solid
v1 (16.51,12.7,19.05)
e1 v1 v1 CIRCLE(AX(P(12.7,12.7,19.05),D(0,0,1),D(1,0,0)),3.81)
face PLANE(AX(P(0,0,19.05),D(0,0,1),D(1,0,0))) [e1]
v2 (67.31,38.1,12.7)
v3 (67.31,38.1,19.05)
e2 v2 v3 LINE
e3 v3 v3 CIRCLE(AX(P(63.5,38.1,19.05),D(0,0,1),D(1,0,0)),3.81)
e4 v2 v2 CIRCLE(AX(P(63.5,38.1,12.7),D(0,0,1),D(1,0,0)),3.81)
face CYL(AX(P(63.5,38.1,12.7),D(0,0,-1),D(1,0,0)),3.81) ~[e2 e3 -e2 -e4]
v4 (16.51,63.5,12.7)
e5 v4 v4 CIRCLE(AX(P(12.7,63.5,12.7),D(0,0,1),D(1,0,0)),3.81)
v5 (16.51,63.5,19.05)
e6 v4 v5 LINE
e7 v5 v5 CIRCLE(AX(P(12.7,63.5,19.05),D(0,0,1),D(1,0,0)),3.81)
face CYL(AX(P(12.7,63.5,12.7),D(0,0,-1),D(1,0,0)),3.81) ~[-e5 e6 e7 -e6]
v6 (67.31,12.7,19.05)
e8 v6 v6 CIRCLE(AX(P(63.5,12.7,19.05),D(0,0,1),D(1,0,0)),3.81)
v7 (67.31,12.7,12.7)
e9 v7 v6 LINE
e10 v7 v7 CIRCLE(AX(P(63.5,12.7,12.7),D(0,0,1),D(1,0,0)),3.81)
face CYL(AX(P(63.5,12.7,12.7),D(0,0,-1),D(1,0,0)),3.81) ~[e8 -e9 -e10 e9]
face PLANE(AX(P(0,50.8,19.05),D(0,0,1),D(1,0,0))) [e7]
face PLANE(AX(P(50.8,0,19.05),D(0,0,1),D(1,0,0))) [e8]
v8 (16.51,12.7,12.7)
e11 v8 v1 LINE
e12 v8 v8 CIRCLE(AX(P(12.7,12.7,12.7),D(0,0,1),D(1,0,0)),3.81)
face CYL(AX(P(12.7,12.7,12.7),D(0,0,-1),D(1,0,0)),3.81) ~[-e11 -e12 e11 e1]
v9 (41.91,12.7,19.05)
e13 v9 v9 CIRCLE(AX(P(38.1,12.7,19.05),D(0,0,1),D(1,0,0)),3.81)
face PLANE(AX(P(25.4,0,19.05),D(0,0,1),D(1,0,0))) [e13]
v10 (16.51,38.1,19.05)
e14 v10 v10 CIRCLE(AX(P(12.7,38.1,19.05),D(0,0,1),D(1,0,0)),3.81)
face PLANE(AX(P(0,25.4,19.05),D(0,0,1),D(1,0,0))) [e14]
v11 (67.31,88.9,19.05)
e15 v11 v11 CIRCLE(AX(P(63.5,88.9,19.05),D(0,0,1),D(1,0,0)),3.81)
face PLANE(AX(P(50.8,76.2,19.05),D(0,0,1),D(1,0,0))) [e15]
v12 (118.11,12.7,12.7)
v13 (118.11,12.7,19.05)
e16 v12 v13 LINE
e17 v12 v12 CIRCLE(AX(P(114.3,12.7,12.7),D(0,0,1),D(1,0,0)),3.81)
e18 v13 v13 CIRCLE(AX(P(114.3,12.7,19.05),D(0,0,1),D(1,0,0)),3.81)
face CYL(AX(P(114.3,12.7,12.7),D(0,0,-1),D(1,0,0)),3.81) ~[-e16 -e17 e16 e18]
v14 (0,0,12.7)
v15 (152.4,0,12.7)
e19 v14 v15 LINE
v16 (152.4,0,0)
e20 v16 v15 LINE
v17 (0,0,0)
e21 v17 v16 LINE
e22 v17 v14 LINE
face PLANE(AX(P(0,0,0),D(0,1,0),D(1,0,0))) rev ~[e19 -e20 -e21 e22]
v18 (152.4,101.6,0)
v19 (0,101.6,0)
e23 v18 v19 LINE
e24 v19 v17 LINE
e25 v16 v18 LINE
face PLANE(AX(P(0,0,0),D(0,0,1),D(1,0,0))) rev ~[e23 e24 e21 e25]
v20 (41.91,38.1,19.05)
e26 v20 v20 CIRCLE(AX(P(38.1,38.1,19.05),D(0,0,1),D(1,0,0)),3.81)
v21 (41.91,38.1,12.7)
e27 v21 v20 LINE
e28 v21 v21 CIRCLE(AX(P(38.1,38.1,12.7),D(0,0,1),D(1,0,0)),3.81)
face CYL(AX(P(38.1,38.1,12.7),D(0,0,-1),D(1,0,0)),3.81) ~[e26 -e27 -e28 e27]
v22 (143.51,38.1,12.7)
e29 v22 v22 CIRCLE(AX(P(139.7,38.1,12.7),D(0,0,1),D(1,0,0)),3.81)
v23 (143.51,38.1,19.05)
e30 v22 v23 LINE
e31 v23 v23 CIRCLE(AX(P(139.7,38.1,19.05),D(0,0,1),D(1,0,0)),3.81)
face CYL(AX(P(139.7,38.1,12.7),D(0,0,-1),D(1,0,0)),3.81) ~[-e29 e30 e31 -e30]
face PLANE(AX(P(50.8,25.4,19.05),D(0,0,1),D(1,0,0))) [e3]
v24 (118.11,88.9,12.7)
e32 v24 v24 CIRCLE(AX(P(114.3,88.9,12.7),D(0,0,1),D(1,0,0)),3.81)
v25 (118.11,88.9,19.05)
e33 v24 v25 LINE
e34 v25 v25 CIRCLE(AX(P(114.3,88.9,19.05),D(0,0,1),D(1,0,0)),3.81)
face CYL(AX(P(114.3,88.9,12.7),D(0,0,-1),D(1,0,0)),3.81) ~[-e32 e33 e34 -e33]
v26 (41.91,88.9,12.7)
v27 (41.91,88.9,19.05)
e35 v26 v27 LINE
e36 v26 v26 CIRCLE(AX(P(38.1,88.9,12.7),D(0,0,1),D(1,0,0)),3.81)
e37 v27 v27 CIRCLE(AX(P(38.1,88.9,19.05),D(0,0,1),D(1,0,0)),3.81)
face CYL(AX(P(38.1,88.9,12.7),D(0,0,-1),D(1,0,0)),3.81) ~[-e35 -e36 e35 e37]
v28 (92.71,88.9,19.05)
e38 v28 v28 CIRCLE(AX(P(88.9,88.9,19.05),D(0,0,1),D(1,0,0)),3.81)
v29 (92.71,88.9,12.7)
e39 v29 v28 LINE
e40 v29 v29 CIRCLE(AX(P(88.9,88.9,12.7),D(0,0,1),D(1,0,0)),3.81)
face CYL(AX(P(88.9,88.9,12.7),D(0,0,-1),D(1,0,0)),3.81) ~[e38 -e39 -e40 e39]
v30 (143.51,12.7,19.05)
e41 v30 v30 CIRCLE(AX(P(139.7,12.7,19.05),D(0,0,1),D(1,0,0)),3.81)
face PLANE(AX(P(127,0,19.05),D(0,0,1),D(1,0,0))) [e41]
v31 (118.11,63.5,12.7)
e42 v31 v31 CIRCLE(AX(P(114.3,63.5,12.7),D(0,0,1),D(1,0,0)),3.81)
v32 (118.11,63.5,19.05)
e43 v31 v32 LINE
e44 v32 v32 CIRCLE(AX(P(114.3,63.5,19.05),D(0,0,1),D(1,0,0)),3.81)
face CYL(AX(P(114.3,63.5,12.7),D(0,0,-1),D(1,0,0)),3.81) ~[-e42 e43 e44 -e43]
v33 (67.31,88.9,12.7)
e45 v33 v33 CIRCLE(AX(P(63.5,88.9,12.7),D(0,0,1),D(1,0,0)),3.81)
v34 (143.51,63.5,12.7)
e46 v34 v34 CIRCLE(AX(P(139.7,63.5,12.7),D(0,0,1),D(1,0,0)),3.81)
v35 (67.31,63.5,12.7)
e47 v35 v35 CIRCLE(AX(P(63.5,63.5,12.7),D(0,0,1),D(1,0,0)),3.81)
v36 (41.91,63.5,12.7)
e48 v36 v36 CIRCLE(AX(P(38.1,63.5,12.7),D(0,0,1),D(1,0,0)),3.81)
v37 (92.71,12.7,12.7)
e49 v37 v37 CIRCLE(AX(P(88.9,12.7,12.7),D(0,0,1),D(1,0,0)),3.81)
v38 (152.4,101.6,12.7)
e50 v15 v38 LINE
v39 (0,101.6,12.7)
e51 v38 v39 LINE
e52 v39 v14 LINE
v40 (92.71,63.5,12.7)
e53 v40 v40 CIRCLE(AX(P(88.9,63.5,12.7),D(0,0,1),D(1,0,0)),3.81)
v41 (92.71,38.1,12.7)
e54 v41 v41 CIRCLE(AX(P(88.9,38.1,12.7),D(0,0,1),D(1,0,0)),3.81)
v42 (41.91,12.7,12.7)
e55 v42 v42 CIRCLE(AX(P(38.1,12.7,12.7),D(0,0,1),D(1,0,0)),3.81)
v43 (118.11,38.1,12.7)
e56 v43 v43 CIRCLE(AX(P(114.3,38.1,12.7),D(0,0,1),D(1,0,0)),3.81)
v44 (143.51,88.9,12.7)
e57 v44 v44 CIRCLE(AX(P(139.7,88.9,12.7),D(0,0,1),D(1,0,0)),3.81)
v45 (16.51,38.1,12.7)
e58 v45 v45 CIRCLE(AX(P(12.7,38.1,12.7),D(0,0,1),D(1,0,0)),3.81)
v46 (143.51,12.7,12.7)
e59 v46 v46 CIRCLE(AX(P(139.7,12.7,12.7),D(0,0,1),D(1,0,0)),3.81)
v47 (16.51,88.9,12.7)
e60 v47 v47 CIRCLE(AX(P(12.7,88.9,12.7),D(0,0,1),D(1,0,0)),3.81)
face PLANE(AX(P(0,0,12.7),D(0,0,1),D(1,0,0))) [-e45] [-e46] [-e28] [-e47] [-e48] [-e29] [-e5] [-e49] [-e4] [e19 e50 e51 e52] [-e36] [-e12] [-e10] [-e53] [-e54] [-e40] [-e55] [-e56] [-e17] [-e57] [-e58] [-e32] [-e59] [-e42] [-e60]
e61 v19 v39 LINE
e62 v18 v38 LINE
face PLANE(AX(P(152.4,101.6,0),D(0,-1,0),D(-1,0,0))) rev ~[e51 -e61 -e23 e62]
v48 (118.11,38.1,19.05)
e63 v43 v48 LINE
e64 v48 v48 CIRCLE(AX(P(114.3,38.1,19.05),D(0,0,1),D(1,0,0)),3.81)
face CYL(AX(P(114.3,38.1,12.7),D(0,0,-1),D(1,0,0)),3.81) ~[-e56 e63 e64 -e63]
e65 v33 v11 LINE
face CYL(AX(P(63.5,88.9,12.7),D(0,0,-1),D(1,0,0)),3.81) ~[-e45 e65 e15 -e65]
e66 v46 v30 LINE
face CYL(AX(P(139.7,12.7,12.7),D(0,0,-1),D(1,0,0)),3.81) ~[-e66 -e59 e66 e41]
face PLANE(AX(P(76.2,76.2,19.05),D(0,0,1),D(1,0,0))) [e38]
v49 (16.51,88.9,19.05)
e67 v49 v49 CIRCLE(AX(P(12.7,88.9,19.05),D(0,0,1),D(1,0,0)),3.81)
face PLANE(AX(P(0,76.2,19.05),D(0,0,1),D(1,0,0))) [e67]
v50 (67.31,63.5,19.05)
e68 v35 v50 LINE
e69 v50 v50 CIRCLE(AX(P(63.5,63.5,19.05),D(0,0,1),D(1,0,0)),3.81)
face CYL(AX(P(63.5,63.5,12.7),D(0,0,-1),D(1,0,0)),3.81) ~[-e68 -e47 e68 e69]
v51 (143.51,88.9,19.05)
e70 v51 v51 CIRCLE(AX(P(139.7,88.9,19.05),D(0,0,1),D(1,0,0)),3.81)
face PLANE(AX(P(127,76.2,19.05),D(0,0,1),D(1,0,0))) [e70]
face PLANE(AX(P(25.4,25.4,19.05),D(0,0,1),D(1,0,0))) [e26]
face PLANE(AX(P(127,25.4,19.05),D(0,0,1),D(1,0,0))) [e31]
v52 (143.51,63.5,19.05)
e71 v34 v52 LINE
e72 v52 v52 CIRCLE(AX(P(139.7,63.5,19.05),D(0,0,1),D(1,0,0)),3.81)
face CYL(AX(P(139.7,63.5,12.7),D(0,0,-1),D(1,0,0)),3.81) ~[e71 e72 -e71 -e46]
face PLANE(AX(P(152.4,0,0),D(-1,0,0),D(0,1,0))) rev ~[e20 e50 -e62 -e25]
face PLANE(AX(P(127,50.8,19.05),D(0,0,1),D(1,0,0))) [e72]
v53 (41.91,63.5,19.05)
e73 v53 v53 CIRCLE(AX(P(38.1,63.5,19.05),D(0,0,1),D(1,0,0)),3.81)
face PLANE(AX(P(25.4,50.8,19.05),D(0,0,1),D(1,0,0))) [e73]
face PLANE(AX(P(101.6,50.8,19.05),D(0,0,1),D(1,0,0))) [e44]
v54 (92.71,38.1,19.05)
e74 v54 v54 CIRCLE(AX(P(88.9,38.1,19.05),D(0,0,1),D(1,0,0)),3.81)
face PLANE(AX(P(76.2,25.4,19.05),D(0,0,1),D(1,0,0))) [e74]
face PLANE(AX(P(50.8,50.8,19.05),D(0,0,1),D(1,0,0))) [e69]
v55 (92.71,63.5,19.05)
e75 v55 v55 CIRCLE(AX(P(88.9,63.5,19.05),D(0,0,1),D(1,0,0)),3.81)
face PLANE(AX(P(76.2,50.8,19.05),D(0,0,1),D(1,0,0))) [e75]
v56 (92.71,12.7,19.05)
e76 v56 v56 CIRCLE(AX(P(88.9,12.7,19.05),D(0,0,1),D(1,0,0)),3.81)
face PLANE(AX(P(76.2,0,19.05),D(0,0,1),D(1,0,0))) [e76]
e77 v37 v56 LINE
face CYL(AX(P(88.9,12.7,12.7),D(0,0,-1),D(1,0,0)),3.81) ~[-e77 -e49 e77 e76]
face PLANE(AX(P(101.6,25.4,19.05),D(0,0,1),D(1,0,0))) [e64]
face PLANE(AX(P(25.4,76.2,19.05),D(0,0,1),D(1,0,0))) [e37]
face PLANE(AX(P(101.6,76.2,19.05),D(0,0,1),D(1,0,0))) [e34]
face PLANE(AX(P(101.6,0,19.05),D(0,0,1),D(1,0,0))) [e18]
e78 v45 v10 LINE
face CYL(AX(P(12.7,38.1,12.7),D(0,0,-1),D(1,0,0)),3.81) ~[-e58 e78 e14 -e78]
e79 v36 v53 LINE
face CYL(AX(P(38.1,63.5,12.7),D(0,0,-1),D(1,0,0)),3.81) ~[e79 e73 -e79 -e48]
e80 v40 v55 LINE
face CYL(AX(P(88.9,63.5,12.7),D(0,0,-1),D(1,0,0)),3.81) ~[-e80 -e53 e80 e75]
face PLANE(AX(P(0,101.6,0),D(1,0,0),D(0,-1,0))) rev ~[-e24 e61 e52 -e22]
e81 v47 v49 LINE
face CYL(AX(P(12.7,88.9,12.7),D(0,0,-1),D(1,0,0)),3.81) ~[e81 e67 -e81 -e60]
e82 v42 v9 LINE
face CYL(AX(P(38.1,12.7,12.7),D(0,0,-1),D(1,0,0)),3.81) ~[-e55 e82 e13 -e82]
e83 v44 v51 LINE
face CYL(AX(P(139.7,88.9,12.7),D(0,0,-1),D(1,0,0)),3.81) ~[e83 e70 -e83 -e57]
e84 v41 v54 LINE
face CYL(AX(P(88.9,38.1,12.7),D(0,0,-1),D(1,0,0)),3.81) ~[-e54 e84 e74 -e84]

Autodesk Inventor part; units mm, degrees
ref_plane "YZ Plane" through (0, 0, 0) normal (1, 0, 0) x (0, 1, 0)
ref_plane "XZ Plane" through (0, 0, 0) normal (0, 1, 0) x (-1, 0, 0)
ref_plane "XY Plane" through (0, 0, 0) normal (0, 0, 1) x (1, 0, 0)
sketch "Sketch1" plane through (0, 0, 0) normal (0, 0, 1) x (1, 0, 0)
  line L0 (0, 0) -> (152.4, 0)
  line L1 (152.4, 0) -> (152.4, 101.6)
  line L2 (152.4, 101.6) -> (0, 101.6)
  line L3 (0, 101.6) -> (0, 0)
  dimension "d0" = 152.4
  dimension "d1" = 101.6
extrude "Extrusion1" add sketch "Sketch1" along normal blind 12.7
sketch "Sketch2" plane through (0, 0, 12.7) normal (0, 0, 1) x (1, 0, 0)
  line L0 (0, 0) -> (152.4, 0) projected
  line L1 (152.4, 0) -> (152.4, 101.6) projected
  line L2 (152.4, 101.6) -> (0, 101.6) projected
  line L3 (0, 101.6) -> (0, 0) projected
  circle A0 centre (12.7, 12.7) radius 3.81
  dimension "d4" = 7.62
  dimension "d5" = 12.7
  dimension "d6" = 12.7
extrude "Extrusion2" add sketch "Sketch2" along normal blind 6.35 contours A0
pattern_linear "Rectangular Pattern1" count 4 spacing 25.4 along (0, 1, 0) count 6 spacing 25.4 along (1, 0, 0) of "Extrusion2"
properties part number "RectangularPattern"
